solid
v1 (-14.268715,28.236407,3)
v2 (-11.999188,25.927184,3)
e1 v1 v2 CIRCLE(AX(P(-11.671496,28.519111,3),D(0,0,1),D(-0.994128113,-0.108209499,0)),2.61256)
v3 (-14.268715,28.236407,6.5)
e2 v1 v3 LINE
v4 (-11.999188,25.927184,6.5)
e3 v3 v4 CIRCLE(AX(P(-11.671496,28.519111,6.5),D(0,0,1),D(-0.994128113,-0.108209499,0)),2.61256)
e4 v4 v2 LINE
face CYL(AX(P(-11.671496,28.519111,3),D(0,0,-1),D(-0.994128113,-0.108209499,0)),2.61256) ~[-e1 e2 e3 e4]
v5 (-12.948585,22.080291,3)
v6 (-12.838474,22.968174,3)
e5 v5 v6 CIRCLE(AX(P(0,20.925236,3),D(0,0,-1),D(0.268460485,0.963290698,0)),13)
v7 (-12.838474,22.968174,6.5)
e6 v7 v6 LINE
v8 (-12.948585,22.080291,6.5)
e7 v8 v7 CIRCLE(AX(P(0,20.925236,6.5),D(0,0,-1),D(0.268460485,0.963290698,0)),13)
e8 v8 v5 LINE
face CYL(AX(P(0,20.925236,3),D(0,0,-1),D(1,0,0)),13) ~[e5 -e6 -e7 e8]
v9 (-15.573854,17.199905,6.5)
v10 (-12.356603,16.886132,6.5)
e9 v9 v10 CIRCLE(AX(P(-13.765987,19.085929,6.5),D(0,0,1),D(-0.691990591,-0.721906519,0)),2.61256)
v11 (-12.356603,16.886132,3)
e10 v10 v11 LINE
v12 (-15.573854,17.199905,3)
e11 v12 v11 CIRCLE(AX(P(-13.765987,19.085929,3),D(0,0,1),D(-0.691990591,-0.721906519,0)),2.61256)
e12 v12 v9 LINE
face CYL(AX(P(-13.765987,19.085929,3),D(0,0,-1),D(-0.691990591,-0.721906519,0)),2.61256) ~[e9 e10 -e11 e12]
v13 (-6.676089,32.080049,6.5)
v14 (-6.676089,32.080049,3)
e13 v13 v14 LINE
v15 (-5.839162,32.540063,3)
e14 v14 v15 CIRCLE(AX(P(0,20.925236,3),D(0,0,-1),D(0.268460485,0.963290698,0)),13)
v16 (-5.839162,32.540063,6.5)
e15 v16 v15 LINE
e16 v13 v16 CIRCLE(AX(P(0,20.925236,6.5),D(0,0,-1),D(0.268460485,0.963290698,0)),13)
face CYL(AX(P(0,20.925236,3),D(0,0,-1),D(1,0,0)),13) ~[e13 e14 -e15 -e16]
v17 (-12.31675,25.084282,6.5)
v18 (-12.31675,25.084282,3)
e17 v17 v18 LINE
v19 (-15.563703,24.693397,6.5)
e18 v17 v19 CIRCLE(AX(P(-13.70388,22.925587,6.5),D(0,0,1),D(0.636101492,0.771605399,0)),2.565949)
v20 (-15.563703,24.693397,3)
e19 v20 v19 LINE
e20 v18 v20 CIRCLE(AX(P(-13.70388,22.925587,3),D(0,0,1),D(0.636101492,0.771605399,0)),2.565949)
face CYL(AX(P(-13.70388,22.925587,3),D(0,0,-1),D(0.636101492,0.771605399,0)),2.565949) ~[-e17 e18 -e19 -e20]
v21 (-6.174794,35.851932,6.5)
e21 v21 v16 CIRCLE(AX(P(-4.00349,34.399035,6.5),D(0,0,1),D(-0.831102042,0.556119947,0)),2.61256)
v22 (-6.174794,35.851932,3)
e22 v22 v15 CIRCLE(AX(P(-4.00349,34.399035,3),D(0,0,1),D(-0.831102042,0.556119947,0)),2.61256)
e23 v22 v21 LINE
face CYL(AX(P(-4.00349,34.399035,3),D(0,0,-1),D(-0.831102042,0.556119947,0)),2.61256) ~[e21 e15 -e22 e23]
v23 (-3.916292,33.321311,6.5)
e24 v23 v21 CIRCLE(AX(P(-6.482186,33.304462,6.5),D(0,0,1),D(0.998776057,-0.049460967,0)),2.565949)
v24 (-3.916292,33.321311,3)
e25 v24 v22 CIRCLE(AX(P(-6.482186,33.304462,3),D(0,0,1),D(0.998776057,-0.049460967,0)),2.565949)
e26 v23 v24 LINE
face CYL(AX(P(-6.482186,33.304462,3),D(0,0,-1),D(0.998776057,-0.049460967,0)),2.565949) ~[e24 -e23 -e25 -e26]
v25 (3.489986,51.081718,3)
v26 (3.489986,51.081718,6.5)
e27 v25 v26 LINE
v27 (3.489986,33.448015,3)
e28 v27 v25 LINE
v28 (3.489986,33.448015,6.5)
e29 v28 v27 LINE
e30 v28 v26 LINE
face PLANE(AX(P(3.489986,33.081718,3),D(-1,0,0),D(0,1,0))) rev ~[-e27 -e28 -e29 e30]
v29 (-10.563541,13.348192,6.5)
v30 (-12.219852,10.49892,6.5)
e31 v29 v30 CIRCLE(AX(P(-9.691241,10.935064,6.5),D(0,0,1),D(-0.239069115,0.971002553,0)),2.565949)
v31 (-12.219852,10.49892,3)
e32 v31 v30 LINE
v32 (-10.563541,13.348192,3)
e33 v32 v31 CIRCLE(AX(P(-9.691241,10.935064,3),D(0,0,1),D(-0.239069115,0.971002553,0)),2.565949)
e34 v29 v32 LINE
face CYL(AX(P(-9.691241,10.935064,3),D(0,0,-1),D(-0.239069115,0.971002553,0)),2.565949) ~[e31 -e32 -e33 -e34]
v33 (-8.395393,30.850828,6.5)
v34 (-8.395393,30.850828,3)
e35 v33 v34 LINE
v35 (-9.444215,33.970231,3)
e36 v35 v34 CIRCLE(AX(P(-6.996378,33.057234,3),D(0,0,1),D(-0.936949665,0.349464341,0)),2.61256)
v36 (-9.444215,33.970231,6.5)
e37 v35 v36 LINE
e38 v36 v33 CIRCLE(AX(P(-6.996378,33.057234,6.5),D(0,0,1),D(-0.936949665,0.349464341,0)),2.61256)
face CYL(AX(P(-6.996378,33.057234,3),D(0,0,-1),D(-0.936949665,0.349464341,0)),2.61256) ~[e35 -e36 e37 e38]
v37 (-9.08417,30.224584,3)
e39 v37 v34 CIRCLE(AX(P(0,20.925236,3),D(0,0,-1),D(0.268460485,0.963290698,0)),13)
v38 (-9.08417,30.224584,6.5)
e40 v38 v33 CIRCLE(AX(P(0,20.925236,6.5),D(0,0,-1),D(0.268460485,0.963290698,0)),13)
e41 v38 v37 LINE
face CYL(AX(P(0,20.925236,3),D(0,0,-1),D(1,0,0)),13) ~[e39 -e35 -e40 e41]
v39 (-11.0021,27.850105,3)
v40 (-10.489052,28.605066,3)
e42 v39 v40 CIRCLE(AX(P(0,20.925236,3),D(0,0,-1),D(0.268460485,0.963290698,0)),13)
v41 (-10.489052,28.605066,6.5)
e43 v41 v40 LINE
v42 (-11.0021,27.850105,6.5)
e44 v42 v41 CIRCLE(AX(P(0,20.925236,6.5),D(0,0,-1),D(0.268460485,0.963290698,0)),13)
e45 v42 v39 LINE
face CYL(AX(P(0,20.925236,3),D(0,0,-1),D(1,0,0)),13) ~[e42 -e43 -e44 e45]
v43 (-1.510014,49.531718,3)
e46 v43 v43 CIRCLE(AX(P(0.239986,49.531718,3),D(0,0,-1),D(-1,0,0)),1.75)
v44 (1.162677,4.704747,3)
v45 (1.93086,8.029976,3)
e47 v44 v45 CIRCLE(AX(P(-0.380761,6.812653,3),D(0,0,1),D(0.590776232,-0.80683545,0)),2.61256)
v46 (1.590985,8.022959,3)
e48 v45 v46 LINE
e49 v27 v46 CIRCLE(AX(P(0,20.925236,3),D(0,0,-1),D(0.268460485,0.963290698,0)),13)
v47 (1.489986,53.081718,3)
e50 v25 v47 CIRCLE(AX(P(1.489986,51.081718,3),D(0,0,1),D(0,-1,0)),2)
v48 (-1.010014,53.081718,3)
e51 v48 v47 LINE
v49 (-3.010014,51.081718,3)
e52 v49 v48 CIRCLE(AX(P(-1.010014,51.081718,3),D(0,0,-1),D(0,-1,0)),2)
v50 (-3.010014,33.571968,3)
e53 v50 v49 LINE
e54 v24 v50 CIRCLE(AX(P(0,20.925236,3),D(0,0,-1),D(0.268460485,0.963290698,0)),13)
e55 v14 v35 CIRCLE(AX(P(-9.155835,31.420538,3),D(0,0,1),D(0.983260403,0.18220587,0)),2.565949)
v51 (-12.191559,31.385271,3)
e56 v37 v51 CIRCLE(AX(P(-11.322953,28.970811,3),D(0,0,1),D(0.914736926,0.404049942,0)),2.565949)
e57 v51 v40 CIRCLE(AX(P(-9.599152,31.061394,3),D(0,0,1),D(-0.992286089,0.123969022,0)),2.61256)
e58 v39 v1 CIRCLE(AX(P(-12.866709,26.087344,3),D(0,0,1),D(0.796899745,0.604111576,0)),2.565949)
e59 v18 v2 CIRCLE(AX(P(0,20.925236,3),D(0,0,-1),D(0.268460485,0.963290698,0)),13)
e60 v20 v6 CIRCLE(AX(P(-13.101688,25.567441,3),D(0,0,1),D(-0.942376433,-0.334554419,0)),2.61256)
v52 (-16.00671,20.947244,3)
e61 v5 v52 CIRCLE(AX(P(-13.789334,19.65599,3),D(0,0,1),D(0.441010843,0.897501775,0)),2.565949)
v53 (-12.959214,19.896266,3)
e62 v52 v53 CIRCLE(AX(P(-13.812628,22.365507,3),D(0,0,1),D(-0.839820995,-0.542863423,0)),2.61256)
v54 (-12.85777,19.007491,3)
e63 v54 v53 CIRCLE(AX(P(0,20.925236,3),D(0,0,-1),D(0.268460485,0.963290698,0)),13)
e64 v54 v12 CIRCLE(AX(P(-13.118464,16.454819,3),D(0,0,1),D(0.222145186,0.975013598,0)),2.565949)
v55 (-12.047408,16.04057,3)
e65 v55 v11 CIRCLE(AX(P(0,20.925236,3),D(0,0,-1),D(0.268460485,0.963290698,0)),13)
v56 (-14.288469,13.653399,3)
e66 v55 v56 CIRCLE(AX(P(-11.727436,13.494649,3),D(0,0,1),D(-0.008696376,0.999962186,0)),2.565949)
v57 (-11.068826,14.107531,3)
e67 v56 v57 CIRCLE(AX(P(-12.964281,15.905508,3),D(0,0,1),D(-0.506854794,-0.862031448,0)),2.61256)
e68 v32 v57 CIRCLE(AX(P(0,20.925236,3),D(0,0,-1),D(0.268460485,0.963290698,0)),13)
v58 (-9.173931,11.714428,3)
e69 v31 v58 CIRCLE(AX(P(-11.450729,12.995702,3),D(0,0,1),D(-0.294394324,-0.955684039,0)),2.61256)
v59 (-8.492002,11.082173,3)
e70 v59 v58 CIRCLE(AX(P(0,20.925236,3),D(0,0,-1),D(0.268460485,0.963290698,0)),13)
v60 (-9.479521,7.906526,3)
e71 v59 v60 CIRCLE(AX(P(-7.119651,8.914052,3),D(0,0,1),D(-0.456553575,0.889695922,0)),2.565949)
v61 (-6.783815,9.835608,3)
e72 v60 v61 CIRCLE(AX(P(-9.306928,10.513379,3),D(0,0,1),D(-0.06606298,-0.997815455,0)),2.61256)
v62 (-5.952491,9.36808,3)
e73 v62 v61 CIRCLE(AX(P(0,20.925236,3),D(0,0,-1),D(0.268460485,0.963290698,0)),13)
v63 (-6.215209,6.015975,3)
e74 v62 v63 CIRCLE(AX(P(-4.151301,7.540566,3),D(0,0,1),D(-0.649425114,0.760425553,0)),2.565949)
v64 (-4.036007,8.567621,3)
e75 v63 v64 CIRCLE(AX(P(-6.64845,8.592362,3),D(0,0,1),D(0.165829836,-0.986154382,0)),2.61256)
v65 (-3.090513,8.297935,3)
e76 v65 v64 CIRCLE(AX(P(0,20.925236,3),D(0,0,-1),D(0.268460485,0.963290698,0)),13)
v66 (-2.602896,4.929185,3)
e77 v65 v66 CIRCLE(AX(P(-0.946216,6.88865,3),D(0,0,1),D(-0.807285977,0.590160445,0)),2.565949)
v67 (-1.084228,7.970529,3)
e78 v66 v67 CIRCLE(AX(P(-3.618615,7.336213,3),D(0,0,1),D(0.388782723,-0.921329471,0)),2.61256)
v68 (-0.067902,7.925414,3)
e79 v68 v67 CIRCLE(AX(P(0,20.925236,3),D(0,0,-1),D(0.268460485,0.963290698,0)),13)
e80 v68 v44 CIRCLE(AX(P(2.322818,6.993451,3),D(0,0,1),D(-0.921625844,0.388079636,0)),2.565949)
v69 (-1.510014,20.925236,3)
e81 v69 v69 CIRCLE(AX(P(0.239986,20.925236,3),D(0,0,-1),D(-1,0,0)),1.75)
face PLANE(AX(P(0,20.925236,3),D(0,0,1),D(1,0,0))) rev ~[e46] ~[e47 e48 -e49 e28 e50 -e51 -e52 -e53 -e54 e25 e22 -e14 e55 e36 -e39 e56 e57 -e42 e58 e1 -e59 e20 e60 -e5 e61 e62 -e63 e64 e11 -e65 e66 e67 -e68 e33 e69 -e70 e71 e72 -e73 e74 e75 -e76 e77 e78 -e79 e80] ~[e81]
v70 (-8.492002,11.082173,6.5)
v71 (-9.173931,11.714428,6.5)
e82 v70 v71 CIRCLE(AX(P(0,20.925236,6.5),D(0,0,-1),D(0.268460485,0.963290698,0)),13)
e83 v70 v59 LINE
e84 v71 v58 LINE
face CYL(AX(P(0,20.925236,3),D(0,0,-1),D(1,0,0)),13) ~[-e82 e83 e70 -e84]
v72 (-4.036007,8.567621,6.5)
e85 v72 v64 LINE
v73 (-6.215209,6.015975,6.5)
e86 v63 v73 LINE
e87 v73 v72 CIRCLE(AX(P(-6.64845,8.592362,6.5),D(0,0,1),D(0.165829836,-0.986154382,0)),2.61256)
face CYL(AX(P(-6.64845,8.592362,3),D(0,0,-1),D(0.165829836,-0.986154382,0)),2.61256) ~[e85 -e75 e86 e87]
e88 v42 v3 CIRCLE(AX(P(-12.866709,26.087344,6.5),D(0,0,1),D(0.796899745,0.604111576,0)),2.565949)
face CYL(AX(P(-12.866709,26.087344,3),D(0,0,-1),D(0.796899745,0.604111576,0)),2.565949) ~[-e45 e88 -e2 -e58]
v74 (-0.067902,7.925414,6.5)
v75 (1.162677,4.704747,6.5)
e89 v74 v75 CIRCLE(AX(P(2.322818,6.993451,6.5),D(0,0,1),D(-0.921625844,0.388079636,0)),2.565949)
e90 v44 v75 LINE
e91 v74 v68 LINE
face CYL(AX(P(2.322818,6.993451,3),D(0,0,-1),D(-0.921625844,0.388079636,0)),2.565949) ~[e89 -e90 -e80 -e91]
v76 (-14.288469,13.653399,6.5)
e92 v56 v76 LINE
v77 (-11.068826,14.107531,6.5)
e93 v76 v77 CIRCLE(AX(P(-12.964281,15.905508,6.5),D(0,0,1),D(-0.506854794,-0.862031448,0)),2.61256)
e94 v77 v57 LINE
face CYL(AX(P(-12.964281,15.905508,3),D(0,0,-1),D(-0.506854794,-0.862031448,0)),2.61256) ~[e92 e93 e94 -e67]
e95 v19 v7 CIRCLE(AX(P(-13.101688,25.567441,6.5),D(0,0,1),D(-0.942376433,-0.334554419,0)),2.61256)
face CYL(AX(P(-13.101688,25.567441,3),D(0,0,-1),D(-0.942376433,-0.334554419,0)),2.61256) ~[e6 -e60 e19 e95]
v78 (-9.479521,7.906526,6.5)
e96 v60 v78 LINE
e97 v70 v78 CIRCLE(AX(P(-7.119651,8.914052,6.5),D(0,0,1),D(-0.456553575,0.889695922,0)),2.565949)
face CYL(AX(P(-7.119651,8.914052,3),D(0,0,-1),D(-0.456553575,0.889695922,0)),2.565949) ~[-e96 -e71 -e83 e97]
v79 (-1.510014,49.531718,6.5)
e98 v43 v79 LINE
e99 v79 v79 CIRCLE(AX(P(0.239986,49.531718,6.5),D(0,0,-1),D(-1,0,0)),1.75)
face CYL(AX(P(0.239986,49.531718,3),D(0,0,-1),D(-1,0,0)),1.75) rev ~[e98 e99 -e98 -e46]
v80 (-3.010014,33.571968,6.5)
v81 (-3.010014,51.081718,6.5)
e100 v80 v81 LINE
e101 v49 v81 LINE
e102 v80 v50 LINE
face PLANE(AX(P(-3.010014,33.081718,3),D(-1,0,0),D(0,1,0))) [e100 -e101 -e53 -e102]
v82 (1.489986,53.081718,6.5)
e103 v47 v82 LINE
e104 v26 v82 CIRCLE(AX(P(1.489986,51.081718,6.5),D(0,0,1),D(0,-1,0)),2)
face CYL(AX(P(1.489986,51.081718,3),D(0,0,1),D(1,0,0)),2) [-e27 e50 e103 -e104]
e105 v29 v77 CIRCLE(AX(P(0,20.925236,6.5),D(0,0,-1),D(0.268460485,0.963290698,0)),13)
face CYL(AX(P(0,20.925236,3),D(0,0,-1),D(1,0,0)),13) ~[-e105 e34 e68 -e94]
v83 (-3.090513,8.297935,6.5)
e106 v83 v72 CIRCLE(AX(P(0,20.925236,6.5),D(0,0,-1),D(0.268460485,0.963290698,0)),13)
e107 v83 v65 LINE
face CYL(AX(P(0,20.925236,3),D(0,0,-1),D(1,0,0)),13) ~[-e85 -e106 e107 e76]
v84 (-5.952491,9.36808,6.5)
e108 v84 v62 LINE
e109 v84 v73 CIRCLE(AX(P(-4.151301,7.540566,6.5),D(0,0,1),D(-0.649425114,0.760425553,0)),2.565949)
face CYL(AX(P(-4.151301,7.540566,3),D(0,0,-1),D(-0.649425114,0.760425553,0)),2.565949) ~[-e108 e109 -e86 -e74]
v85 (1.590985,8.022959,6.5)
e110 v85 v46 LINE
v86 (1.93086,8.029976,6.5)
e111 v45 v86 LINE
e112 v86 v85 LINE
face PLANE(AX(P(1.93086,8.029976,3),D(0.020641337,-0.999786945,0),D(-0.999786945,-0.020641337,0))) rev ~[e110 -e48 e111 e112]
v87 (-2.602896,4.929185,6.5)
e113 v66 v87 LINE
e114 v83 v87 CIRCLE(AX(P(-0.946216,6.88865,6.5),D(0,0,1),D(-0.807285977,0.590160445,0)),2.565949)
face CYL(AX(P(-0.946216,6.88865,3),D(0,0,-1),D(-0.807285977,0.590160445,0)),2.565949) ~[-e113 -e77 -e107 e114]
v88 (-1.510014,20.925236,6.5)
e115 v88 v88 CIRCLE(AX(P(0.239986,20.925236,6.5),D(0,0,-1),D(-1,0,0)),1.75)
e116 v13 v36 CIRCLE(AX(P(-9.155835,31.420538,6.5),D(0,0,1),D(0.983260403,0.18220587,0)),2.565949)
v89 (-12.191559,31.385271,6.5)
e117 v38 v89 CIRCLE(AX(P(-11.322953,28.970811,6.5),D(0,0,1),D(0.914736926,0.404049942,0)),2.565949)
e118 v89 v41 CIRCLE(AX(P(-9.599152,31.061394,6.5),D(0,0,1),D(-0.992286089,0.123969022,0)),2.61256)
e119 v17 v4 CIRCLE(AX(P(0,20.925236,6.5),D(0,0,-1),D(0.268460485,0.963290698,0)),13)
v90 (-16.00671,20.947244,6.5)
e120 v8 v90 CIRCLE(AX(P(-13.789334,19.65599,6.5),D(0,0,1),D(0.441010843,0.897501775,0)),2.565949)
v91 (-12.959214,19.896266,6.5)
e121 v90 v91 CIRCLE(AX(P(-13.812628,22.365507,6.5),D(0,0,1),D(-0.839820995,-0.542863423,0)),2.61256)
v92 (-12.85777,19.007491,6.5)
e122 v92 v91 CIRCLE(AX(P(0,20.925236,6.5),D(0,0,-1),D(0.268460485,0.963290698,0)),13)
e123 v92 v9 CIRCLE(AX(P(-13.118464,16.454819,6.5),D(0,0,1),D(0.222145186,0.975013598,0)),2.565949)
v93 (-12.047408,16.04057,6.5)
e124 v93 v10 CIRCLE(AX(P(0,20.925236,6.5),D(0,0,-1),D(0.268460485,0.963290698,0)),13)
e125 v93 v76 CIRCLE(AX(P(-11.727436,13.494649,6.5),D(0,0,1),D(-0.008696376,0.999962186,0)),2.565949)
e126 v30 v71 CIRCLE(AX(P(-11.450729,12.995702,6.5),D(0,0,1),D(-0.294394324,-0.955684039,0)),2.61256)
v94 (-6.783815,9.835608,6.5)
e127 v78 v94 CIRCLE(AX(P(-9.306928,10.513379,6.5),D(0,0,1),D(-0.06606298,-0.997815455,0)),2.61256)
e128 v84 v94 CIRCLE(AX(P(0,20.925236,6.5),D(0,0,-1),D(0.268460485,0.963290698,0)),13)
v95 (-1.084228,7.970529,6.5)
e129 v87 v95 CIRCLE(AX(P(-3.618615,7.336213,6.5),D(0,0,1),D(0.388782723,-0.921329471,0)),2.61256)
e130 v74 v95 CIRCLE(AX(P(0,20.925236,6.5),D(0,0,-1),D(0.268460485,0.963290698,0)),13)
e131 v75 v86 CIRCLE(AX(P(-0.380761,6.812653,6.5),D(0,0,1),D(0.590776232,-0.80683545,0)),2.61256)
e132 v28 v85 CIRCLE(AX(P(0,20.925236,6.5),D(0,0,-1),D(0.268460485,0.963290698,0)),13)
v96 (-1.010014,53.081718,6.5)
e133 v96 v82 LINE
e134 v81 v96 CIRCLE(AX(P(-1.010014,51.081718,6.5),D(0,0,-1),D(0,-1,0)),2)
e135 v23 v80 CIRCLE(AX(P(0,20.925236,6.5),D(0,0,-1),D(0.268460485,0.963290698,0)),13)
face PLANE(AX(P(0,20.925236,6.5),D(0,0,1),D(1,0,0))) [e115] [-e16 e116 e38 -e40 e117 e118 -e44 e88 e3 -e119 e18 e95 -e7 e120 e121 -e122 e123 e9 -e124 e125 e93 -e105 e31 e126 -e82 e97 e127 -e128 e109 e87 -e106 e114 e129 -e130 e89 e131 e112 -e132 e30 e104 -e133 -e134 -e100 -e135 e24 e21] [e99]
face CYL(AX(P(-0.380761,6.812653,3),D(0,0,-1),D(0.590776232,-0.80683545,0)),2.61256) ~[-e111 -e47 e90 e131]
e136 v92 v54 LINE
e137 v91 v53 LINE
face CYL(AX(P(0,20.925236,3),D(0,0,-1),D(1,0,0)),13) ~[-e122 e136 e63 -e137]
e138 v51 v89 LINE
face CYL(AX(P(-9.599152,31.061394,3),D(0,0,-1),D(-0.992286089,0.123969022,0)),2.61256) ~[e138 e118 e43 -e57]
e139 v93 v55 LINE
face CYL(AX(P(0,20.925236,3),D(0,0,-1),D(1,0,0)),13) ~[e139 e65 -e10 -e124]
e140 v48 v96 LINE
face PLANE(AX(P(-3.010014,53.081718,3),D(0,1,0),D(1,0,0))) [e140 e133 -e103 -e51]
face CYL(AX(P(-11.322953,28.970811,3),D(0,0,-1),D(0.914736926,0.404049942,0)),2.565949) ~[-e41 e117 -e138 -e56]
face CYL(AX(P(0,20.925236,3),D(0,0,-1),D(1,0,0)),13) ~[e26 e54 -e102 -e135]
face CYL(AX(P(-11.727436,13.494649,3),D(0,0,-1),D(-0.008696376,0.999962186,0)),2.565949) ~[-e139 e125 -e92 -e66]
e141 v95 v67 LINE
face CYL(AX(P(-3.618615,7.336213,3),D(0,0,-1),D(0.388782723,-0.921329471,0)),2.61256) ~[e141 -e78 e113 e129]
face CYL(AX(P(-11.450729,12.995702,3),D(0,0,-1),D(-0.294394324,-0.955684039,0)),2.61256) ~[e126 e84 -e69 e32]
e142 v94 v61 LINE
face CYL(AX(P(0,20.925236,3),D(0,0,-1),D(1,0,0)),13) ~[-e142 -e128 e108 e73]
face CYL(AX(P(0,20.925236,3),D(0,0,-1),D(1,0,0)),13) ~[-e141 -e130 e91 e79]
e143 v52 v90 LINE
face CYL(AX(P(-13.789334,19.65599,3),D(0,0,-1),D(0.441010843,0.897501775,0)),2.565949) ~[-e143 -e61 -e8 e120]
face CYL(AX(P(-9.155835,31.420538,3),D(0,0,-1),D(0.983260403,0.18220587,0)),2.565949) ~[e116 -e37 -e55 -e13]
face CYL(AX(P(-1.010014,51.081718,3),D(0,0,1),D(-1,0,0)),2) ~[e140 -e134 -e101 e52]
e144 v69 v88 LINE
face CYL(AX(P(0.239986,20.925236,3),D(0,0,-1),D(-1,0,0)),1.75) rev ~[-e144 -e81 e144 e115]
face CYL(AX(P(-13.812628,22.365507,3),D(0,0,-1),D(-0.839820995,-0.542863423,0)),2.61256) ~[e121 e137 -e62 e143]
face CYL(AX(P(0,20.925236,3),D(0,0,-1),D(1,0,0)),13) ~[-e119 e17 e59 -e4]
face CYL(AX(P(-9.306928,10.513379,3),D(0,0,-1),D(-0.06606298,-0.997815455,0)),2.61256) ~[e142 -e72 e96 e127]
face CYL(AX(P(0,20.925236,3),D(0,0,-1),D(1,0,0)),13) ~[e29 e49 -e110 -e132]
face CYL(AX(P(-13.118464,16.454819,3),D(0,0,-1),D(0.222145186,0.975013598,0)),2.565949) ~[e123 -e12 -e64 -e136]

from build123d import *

# Parameters (mm, degrees)
SKETCH5_R           = 13
BOSS_EXTRUDE3_DEPTH = 3.5
SKETCH6_W           = 6.5
SKETCH6_H           = 20
BOSS_EXTRUDE4_DEPTH = 3.5
SKETCH9_R           = 1.75
CUT_EXTRUDE1_DEPTH  = 3.5
FILLET1_R           = 2
BOSS_EXTRUDE5_DEPTH = 3.5


with BuildPart() as part:
    # Sketch5 → Boss-Extrude3 (new body)
    with BuildSketch(Plane.XY.offset(3)):
        with Locations((0, 20.92523633)):
            Circle(SKETCH5_R)
    extrude(amount=BOSS_EXTRUDE3_DEPTH)

    # Sketch6 → Boss-Extrude4 (add)
    with BuildSketch(Plane.XY.offset(3)):
        with Locations((0.239986303, 43.081718219)):
            Rectangle(SKETCH6_W, SKETCH6_H)
    extrude(amount=BOSS_EXTRUDE4_DEPTH)

    # Sketch9 → Cut-Extrude1 (cut)
    with BuildSketch(Plane(origin=(0, 0, 3), x_dir=(-1, 0, 0), z_dir=(0, 0, -1))):
        with Locations((-0.239986303, 49.531718219)):
            Circle(SKETCH9_R)
        with Locations((-0.239986303, 20.92523633)):
            Circle(SKETCH9_R)
    extrude(amount=-CUT_EXTRUDE1_DEPTH, mode=Mode.SUBTRACT)

    # Fillet1
    fillet1_edges = [part.edges().sort_by_distance(p)[0] for p in [
        (-3.010013697, 53.081718219, 4.75),
        (3.489986303, 53.081718219, 4.75),
    ]]
    fillet(fillet1_edges, radius=FILLET1_R)

    # Sketch10 → Boss-Extrude5 (add)
    with BuildSketch(Plane.XY.offset(3)):
        with BuildLine():
            Line((-5.759354429, 32.464504571), (-3.919377514, 33.177547189))
            ThreePointArc((-3.919377514, 33.177547189), (-4.520656892, 34.95869799), (-6.174793625, 35.851931857))
            ThreePointArc((-6.174793625, 35.851931857), (-6.596620884, 34.081009637), (-5.759354429, 32.464504571))
        make_face()
        with BuildLine():
            Line((-8.258779816, 30.769918915), (-6.632838661, 31.888069256))
            ThreePointArc((-6.632838661, 31.888069256), (-7.628672119, 33.482544339), (-9.444215288, 33.970230789))
            ThreePointArc((-9.444215288, 33.970230789), (-9.446269369, 32.149763946), (-8.258779816, 30.769918915))
        make_face()
        with BuildLine():
            Line((-10.300034522, 28.544603873), (-8.975784035, 30.007582162))
            ThreePointArc((-8.975784035, 30.007582162), (-10.312485934, 31.329422963), (-12.191559136, 31.385270693))
            ThreePointArc((-12.191559136, 31.385270693), (-11.773729303, 29.613401065), (-10.300034522, 28.544603873))
        make_face()
        with BuildLine():
            Line((-11.773073977, 25.908526755), (-10.821904846, 27.637463454))
            ThreePointArc((-10.821904846, 27.637463454), (-12.427413239, 28.615409193), (-14.268715153, 28.236407437))
            ThreePointArc((-14.268715153, 28.236407437), (-13.45352672, 26.608656975), (-11.773073977, 25.908526755))
        make_face()
        with BuildLine():
            Line((-12.598486243, 23.00379916), (-12.071676241, 24.905486844))
            ThreePointArc((-12.071676241, 24.905486844), (-13.859437756, 25.486816213), (-15.563703318, 24.693397054))
            ThreePointArc((-15.563703318, 24.693397054), (-14.395103305, 23.297518207), (-12.598486243, 23.00379916))
        make_face()
        with BuildLine():
            Line((-12.731773131, 19.987015705), (-12.657722722, 21.958933898))
            ThreePointArc((-12.657722722, 21.958933898), (-14.531358672, 22.11230728), (-16.006710485, 20.947244151))
            ThreePointArc((-16.006710485, 20.947244151), (-14.547698421, 19.858489109), (-12.731773131, 19.987015705))
        make_face()
        with BuildLine():
            Line((-12.16574911, 17.020811966), (-12.54845037, 18.956654049))
            ThreePointArc((-12.54845037, 18.956654049), (-14.406952557, 18.673803046), (-15.573854024, 17.199904801))
            ThreePointArc((-15.573854024, 17.199904801), (-13.903085626, 16.476968629), (-12.16574911, 17.020811966))
        make_face()
        with BuildLine():
            Line((-10.930928682, 14.265096756), (-11.749750088, 16.060500981))
            ThreePointArc((-11.749750088, 16.060500981), (-13.492926178, 15.356674163), (-14.288469337, 13.653399038))
            ThreePointArc((-14.288469337, 13.653399038), (-12.496016163, 13.335255413), (-10.930928682, 14.265096756))
        make_face()
        with BuildLine():
            Line((-9.093881336, 11.868431394), (-10.304680013, 13.426607054))
            ThreePointArc((-10.304680013, 13.426607054), (-11.838554931, 12.339747907), (-12.219851845, 10.498919905))
            ThreePointArc((-12.219851845, 10.498919905), (-10.40234551, 10.602720033), (-9.093881336, 11.868431394))
        make_face()
        with BuildLine():
            Line((-6.753642769, 9.96002073), (-8.291144248, 11.196966172))
            ThreePointArc((-8.291144248, 11.196966172), (-9.533026401, 9.785667555), (-9.479521255, 7.90652619))
            ThreePointArc((-9.479521255, 7.90652619), (-7.734943995, 8.426674178), (-6.753642769, 9.96002073))
        make_face()
        with BuildLine():
            Line((-4.036375849, 8.642747678), (-5.817693027, 9.491778853))
            ThreePointArc((-5.817693027, 9.491778853), (-6.700632226, 7.832124238), (-6.215209496, 6.015974508))
            ThreePointArc((-6.215209496, 6.015974508), (-4.637611923, 6.924429043), (-4.036375849, 8.642747678))
        make_face()
        with BuildLine():
            Line((-1.088569138, 7.987626768), (-3.017670745, 8.402972186))
            ThreePointArc((-3.017670745, 8.402972186), (-3.494067509, 6.584433984), (-2.60289646, 4.92918499))
            ThreePointArc((-2.60289646, 4.92918499), (-1.277327268, 6.176971054), (-1.088569138, 7.987626768))
        make_face()
        with BuildLine():
            Line((1.93086034, 8.029975738), (-0.042027328, 7.98924402))
            ThreePointArc((-0.042027328, 7.98924402), (-0.086198985, 6.109860096), (1.162677121, 4.704746741))
            ThreePointArc((1.162677121, 4.704746741), (2.164756155, 6.224595863), (1.93086034, 8.029975738))
        make_face()
    extrude(amount=BOSS_EXTRUDE5_DEPTH)


solid = part.part
